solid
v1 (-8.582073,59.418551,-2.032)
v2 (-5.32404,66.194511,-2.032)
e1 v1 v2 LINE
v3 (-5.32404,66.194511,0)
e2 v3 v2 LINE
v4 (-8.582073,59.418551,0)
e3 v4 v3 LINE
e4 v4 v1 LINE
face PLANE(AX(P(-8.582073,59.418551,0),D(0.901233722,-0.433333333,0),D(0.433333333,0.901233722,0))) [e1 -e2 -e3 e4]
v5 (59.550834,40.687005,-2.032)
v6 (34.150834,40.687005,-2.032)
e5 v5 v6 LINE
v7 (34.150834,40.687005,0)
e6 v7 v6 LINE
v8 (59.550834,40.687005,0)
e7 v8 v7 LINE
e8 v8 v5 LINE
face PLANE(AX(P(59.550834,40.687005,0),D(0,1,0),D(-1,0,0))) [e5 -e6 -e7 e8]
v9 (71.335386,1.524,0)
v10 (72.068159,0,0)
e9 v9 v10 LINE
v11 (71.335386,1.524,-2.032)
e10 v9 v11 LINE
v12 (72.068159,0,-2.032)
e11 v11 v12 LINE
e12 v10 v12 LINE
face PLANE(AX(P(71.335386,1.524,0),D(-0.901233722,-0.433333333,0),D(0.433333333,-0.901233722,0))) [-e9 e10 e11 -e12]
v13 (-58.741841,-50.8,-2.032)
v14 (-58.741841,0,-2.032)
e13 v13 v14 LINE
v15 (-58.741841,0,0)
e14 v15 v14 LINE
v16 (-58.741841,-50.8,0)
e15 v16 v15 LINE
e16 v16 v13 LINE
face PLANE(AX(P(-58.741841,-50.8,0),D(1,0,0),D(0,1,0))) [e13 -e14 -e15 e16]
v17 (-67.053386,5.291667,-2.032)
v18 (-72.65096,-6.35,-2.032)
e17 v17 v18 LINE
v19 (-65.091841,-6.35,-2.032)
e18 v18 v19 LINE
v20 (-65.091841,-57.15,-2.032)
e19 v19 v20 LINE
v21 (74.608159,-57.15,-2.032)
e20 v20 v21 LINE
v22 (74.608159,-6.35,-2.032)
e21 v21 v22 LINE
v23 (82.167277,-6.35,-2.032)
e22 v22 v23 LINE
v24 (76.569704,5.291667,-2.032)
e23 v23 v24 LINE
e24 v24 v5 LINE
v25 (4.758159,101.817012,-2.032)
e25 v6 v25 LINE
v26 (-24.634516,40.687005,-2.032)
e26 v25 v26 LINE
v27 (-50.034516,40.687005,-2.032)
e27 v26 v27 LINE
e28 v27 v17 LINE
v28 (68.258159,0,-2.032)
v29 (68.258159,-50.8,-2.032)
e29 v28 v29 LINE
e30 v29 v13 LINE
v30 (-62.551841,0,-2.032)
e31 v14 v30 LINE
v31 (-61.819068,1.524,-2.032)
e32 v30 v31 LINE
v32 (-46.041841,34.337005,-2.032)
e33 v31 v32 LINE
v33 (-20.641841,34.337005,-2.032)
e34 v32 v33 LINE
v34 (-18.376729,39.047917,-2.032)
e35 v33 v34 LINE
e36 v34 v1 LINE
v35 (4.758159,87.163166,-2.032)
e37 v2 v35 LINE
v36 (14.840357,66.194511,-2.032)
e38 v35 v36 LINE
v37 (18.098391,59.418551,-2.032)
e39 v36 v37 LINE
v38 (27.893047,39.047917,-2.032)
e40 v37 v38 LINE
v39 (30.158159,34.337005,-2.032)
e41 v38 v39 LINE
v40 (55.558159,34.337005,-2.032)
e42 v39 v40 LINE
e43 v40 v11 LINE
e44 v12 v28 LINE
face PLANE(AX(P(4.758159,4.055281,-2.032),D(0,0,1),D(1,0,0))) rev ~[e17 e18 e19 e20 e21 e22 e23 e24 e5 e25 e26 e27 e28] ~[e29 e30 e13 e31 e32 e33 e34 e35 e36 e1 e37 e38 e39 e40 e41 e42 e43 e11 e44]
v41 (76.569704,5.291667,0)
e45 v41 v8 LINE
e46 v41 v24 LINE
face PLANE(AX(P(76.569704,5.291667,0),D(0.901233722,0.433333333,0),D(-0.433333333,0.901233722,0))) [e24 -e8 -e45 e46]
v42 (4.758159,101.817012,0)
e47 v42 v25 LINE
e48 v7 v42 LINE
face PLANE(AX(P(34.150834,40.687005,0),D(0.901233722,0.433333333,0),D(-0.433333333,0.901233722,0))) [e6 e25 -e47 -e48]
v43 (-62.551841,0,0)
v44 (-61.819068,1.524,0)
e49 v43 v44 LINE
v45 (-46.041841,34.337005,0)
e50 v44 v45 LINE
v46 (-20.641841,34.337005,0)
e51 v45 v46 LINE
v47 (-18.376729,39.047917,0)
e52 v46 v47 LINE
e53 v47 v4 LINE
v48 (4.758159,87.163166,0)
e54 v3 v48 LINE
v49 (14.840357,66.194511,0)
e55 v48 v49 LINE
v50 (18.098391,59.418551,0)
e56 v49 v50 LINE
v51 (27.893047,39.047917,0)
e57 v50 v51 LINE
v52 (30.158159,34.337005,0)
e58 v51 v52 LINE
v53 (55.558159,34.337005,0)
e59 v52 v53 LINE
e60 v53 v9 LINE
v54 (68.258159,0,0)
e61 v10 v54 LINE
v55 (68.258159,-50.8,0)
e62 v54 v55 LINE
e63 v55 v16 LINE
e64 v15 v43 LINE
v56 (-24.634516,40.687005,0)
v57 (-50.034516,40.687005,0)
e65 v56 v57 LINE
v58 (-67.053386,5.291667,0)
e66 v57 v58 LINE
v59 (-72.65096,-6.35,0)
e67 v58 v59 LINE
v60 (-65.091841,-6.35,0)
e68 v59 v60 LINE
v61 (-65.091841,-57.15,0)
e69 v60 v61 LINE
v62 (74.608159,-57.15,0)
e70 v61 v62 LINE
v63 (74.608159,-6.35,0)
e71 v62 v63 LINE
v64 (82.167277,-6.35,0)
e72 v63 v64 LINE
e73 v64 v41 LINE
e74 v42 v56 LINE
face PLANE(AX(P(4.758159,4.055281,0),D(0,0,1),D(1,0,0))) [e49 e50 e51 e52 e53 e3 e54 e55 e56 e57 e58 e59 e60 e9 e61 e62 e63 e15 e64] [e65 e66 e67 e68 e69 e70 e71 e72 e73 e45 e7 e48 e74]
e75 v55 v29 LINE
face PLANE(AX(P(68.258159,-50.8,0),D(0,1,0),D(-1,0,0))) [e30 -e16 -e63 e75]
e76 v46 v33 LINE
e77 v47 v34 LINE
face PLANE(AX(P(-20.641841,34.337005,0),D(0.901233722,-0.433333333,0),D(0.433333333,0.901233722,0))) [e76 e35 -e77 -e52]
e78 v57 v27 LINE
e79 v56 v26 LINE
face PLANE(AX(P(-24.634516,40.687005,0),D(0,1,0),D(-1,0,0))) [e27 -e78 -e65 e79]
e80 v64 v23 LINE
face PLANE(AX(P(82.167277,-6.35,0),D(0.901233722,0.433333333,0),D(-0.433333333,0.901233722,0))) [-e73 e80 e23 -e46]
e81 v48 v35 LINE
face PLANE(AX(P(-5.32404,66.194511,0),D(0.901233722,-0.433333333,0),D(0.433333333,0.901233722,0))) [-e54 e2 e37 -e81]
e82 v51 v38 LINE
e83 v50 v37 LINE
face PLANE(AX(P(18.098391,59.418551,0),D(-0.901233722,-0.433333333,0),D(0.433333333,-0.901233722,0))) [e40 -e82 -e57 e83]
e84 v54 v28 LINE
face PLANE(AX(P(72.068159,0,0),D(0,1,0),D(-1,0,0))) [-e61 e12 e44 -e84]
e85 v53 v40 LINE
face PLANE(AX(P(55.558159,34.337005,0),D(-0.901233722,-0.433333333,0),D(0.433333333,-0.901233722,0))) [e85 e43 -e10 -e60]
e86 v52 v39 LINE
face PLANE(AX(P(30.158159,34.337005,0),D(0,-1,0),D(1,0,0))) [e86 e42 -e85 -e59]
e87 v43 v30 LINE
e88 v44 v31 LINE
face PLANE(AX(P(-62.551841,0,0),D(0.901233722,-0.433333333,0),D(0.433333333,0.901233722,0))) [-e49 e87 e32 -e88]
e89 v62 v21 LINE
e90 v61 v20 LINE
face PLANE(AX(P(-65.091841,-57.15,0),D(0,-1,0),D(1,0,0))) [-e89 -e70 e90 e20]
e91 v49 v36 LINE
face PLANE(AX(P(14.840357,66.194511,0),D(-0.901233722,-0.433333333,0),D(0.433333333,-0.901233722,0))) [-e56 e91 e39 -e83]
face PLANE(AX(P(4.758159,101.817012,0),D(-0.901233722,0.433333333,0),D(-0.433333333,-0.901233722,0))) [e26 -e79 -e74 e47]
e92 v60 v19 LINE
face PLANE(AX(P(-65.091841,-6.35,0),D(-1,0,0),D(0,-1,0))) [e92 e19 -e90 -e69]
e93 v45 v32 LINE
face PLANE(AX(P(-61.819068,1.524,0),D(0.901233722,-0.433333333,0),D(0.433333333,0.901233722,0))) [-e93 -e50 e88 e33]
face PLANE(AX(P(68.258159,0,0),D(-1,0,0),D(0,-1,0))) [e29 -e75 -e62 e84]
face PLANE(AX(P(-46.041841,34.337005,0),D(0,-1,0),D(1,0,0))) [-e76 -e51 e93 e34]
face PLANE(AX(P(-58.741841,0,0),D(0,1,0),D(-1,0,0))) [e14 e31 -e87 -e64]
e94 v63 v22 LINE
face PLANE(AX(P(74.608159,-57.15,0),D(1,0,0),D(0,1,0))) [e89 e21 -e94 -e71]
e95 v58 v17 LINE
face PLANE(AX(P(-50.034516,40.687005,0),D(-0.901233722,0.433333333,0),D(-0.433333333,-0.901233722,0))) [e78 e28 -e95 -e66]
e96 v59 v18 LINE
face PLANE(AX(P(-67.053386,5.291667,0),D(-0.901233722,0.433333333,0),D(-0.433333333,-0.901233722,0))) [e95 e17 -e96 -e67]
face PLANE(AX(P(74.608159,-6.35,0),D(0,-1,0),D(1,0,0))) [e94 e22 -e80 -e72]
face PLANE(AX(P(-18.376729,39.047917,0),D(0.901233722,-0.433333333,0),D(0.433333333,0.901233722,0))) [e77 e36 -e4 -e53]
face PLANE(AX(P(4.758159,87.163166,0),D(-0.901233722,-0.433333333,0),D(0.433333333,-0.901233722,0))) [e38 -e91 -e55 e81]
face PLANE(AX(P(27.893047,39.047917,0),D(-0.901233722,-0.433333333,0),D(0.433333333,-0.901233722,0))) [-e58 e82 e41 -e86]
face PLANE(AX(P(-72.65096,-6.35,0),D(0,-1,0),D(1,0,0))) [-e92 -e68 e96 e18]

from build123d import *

# Parameters (mm, degrees)
F1_DEPTH = 2.032


with BuildPart() as f1:
    # F0 (on Top) → F1 (new body)
    with BuildSketch(Plane.XY):
        Polygon((59.5508336694, 40.6870045497), (34.1508336694, 40.6870045497), (4.7581588602, 101.8170116116), (-24.634515949, 40.6870045497), (-50.034515949, 40.6870045497), (-67.0533862158, 5.2916665496), (-72.6509597748, -6.3499997298), (-65.0918408696, -6.3499997298), (-65.0918408696, -57.1499997298), (74.60815859, -57.1499997298), (74.60815859, -6.3499997298), (82.1672774952, -6.3499997298), (76.5697039363, 5.2916665496), align=None)
        Polygon((4.7581588602, 91.852396227), (31.4358146836, 36.3690045497), (56.8358146836, 36.3690045497), (72.6781767233, 3.4205332163), (75.2998765312, -2.0319997298), (70.29015859, -2.0319997298), (70.29015859, -52.8319997298), (-60.7738408696, -52.8319997298), (-60.7738408696, -2.0319997298), (-65.7835588108, -2.0319997298), (-63.1618590029, 3.4205332163), (-47.3194969632, 36.3690045497), (-23.4601999485, 36.3690045497), (-21.9194969632, 36.3690045497), align=None, mode=Mode.SUBTRACT)
        Polygon((56.8358146836, 36.3690045497), (31.4358146836, 36.3690045497), (4.7581588602, 91.852396227), (-21.9194969632, 36.3690045497), (-23.4601999485, 36.3690045497), (-47.3194969632, 36.3690045497), (-63.1618590029, 3.4205332163), (-65.7835588108, -2.0319997298), (-60.7738408696, -2.0319997298), (-60.7738408696, -52.8319997298), (70.29015859, -52.8319997298), (70.29015859, -2.0319997298), (75.2998765312, -2.0319997298), (72.6781767233, 3.4205332163), align=None)
        Polygon((68.2581588602, -50.8), (-58.7418411398, -50.8), (-58.7418411398, 0), (-62.5518411398, 0), (-61.8190678495, 1.524), (-46.0418411398, 34.3370048199), (-22.332856425, 34.3370048199), (-20.6418411398, 34.3370048199), (-18.376729311, 39.0479167388), (-8.5820728345, 59.4185506966), (-5.3240396144, 66.1945108652), (4.7581588602, 87.1631660812), (14.8403573348, 66.1945108652), (18.0983905549, 59.4185506966), (27.8930470314, 39.0479167388), (30.1581588602, 34.3370048199), (31.8491741455, 34.3370048199), (55.5581588602, 34.3370048199), (71.3353855699, 1.524), (72.0681588602, 0), (68.2581588602, 0), align=None, mode=Mode.SUBTRACT)
    extrude(amount=-F1_DEPTH)


solid = f1.part
